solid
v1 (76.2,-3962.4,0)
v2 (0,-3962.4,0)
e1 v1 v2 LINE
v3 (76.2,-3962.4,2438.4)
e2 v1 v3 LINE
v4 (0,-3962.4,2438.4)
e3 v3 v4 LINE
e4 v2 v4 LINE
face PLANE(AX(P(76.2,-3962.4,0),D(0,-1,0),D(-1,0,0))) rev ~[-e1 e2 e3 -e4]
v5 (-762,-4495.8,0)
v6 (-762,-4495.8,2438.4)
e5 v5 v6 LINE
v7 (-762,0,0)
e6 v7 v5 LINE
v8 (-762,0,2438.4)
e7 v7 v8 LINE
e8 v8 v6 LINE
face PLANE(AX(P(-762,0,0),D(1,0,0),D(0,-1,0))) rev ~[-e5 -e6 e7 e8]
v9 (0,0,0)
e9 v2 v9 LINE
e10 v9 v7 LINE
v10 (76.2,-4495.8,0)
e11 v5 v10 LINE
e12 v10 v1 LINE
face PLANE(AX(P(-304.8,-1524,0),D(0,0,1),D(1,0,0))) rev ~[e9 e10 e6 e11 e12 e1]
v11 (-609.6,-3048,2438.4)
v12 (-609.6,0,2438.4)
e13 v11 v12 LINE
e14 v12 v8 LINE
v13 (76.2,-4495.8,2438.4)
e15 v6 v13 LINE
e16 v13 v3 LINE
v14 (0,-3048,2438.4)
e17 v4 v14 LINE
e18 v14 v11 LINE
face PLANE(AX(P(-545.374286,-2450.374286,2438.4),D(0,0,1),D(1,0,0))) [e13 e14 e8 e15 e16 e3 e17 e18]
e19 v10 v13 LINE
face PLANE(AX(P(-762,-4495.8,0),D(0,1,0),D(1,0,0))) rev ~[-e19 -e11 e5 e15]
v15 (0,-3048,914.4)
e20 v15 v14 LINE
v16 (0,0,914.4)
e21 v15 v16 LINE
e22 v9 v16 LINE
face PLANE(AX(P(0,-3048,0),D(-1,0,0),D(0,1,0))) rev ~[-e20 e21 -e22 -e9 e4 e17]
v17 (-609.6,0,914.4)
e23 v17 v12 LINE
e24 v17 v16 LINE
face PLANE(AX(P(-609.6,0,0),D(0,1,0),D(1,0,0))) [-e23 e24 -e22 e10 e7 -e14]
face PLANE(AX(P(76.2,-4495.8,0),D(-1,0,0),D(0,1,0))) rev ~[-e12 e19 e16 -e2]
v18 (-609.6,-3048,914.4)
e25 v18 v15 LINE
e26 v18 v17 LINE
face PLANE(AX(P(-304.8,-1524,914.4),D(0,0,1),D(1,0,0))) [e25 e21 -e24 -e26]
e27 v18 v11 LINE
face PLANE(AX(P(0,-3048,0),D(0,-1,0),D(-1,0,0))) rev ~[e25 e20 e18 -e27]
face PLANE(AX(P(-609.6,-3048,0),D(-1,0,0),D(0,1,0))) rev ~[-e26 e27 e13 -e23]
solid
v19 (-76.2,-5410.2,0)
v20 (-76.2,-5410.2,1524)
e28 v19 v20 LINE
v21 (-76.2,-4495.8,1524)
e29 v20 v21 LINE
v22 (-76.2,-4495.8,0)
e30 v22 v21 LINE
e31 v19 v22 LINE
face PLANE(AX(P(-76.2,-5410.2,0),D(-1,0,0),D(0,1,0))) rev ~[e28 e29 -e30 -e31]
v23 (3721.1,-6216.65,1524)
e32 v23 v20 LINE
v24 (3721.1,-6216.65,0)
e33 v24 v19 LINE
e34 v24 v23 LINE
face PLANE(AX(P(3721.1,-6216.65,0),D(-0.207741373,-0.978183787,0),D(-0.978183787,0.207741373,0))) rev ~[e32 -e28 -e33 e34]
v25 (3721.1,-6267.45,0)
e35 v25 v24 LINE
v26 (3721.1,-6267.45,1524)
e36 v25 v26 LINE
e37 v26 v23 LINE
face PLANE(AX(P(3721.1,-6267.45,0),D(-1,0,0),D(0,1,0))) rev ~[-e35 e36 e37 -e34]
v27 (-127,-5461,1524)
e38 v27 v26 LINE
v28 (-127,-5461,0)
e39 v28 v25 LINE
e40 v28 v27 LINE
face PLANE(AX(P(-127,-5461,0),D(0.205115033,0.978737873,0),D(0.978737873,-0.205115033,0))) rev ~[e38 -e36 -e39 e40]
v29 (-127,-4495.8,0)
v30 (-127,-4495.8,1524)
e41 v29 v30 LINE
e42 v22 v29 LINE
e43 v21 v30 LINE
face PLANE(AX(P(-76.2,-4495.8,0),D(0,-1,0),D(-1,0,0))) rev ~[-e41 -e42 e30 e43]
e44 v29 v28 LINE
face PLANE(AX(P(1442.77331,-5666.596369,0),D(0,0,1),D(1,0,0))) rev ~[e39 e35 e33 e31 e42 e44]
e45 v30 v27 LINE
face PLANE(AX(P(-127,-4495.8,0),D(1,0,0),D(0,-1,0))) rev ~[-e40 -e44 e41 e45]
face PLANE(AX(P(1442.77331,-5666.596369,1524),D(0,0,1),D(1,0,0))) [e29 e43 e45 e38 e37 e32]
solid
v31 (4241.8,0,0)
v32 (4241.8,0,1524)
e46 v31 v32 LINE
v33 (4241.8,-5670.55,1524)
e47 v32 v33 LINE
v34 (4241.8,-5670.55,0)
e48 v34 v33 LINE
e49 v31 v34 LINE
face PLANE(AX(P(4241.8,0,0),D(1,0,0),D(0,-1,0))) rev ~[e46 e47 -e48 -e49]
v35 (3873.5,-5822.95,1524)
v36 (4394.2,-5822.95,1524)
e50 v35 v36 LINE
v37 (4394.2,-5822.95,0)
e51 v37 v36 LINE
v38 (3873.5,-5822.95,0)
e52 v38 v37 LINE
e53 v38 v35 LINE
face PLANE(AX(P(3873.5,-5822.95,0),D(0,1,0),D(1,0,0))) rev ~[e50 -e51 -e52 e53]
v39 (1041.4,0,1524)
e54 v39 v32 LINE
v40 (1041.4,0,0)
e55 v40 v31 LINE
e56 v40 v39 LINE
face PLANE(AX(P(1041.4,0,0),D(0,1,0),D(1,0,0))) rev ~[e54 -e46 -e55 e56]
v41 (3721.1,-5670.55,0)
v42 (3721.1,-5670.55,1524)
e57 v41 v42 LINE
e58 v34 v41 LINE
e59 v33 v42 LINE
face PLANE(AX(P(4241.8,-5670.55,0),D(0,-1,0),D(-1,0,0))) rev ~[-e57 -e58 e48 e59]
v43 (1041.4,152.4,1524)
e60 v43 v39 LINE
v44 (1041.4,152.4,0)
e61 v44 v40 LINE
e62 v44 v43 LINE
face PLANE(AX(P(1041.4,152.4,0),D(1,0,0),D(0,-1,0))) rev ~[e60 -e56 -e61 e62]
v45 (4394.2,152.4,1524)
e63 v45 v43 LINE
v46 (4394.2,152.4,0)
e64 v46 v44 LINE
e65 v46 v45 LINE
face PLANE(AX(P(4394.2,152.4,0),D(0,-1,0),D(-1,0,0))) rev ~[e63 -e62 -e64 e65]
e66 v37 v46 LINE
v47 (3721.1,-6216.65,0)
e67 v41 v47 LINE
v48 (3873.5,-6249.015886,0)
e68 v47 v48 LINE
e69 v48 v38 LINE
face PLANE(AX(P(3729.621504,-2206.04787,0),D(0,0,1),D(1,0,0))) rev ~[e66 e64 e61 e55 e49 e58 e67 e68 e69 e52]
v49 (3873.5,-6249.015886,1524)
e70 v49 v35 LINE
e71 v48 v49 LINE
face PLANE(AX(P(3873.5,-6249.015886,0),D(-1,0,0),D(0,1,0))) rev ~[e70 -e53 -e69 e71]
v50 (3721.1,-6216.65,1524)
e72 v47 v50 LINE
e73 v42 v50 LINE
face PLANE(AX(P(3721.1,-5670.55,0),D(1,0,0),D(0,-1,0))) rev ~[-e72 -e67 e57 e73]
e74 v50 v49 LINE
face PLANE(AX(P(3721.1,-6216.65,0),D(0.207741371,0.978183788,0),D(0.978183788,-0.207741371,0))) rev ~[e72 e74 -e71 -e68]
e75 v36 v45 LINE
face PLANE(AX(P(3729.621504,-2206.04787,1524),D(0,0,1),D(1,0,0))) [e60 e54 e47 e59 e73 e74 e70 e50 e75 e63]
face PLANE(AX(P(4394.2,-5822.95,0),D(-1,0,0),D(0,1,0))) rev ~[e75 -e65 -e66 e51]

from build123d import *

# Parameters (mm, degrees)
F1_DEPTH = 2438.4
F2_DEPTH = 1524
F0_W     = 609.6
F0_H     = 3048
F3_DEPTH = 914.4
F4_DEPTH = 1524


with BuildPart() as f1:
    # F0 (on Top) → F1 (new body)
    with BuildSketch(Plane.XY):
        Polygon((0, -3962.4), (0, -3048), (-609.6, -3048), (-609.6, 0), (-762, 0), (-762, -4495.8), (-127, -4495.8), (-76.2, -4495.8), (76.2, -4495.8), (76.2, -3962.4), align=None)
    extrude(amount=F1_DEPTH)

    # F0 (on Top) → F3 (join)
    with BuildSketch(Plane.XY):
        with Locations((-304.8, -1524)):
            Rectangle(F0_W, F0_H)
    extrude(amount=F3_DEPTH)


with BuildPart() as f2:
    # F0 (on Top) → F2 (new body)
    with BuildSketch(Plane.XY):
        Polygon((-76.2, -4495.8), (-127, -4495.8), (-127, -5461), (3721.1, -6267.45), (3721.1, -6216.65), (-76.2, -5410.2), align=None)
    extrude(amount=F2_DEPTH)


with BuildPart() as f4:
    # F0 (on Top) → F4 (new body)
    with BuildSketch(Plane.XY):
        Polygon((3721.1, -5670.55), (3721.1, -6216.65), (3873.5, -6249.015886), (3873.5, -5822.95), (4394.2, -5822.95), (4394.2, 152.4), (1041.4, 152.4), (1041.4, 0), (4241.8, 0), (4241.8, -5670.55), align=None)
    extrude(amount=F4_DEPTH)


solid = Compound([f1.part, f2.part, f4.part])
